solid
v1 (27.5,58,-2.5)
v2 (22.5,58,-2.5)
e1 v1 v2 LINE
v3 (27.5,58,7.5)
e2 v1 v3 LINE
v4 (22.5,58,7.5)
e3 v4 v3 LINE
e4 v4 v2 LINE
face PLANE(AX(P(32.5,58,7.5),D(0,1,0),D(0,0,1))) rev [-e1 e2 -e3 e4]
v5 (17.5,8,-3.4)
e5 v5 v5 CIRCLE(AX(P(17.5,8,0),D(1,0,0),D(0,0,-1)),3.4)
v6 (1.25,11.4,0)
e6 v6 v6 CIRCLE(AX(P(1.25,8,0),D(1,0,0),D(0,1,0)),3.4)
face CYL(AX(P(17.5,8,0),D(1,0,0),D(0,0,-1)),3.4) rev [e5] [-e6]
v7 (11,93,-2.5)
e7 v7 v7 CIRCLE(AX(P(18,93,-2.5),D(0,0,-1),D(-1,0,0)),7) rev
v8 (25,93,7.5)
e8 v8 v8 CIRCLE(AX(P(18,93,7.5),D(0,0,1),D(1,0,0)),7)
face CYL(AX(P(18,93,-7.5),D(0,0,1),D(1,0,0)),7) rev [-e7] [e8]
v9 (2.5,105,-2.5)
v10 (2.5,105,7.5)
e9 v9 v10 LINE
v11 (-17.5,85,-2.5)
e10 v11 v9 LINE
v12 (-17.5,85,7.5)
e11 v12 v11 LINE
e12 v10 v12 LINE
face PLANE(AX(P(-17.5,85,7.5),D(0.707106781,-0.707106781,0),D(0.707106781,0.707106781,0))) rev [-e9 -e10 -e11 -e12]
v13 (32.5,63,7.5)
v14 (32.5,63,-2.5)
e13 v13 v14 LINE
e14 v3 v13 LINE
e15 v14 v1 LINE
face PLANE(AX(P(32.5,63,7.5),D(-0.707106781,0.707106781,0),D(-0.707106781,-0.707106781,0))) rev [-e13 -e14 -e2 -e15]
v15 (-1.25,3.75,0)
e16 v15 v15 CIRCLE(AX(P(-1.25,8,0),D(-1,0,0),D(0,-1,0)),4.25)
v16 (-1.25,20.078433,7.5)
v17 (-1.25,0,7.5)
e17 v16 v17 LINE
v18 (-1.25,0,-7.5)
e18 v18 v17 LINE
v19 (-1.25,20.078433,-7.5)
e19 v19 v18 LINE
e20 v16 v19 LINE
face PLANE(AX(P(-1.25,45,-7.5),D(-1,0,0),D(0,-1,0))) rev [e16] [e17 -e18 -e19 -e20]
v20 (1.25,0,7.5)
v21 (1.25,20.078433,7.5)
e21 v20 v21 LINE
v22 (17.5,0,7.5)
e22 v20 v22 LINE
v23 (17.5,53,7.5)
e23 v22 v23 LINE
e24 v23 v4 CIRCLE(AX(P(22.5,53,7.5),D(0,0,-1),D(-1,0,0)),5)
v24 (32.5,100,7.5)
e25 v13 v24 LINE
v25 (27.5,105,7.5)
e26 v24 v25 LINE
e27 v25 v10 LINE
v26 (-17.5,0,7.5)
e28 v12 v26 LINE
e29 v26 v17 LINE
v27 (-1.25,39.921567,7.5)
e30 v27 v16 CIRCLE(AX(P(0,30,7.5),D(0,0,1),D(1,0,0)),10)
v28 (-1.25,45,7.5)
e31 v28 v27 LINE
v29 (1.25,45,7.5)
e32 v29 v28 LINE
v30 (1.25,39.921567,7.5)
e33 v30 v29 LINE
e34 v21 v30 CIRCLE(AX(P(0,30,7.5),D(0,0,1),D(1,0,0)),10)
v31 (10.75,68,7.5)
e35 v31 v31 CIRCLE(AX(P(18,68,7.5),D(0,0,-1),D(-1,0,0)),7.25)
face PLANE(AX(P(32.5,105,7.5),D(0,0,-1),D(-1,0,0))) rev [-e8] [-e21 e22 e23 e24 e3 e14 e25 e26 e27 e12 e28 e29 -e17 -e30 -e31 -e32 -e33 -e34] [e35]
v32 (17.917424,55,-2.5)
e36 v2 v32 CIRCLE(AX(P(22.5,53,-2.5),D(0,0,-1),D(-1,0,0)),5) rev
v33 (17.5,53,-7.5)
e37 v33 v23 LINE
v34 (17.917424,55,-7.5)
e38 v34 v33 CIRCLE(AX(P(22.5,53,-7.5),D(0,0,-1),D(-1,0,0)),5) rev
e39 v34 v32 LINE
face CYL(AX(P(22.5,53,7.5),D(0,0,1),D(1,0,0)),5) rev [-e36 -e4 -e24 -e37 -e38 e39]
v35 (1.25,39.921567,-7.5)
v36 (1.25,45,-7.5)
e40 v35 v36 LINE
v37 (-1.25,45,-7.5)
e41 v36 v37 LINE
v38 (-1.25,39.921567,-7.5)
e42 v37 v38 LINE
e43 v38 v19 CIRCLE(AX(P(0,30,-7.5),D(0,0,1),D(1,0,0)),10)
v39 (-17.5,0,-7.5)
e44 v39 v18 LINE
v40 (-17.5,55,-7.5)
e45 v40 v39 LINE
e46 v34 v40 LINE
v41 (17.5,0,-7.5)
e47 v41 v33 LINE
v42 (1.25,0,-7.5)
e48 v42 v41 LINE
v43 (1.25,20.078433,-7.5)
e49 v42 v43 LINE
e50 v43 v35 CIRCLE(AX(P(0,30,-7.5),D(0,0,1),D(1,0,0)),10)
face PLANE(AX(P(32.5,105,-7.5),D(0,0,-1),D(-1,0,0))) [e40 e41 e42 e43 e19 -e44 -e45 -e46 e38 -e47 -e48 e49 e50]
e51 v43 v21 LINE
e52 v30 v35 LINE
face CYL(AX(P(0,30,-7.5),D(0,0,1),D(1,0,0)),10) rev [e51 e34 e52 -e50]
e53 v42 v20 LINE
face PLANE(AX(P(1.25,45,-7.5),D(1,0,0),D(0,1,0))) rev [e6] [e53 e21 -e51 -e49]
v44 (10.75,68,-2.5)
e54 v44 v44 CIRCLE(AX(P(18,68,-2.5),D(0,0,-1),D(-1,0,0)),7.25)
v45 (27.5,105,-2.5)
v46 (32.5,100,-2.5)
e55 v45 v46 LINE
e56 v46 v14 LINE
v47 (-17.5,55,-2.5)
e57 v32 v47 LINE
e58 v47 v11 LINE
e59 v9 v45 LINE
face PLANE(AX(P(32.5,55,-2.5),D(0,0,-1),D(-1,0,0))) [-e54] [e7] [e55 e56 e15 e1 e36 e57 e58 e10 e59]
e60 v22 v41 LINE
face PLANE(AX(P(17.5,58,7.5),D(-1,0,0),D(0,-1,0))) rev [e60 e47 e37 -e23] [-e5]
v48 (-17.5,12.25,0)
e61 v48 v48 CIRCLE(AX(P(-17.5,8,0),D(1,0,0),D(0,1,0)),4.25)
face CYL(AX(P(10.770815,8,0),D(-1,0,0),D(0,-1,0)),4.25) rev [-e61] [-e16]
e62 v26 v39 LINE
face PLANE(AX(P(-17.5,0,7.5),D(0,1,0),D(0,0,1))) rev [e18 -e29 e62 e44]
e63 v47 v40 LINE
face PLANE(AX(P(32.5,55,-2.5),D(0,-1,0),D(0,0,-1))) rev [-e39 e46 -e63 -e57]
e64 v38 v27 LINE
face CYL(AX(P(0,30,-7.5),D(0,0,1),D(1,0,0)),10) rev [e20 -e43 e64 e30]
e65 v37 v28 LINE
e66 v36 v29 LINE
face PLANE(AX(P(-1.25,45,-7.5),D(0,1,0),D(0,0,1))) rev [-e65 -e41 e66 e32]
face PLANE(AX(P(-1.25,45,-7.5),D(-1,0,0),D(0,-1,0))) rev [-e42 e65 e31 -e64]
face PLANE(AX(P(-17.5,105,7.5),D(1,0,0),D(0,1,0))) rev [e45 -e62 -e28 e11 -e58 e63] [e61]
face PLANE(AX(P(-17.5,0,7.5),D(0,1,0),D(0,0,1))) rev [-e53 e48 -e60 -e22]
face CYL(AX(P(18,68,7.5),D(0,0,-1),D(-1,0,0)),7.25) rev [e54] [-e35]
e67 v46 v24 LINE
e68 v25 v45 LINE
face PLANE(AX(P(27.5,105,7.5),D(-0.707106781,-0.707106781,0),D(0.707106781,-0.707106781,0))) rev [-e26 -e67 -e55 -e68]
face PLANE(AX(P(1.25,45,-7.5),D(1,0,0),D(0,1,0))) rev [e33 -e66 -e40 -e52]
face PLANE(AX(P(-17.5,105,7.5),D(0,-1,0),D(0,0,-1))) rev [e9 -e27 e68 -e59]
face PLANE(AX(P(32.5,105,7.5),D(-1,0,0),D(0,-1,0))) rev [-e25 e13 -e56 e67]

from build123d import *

# Parameters (mm, degrees)
EXTRUDE_1_DEPTH     = 7.5
SKETCH_2_R          = 10
CUT_EXTRUDE_1_DEPTH = 111.933538662
SKETCH_3_W          = 2.5
SKETCH_3_H          = 45
CUT_EXTRUDE_2_DEPTH = 111.933538662
FILLET_1_R          = 5
SKETCH_4_R          = 4.25
CUT_EXTRUDE_3_DEPTH = 16.25
M8X1_25_1_D         = 6.8
SKETCH_10_R         = 7
CUT_EXTRUDE_4_DEPTH = 111.933538662
SKETCH_11_W         = 50
SKETCH_11_H         = 50
CUT_EXTRUDE_5_DEPTH = 5
CHAMFER_2_SIZE      = 5
CHAMFER_3_SIZE      = 20
SKETCH_12_R         = 7.25
CUT_EXTRUDE_6_DEPTH = 111.368700273


with BuildPart() as part:
    # 草图1 → 凸台-拉伸1 (new, symmetric)
    with BuildSketch(Plane.XY):
        Polygon((-17.5, 105), (-17.5, 0), (17.5, 0), (17.5, 58), (32.5, 58), (32.5, 105), align=None)
    extrude(amount=EXTRUDE_1_DEPTH, both=True)

    # 草图2 → 切除-拉伸1 (cut, through all)
    with BuildSketch(Plane.XY.offset(7.5)):
        with Locations((0, 30)):
            Circle(SKETCH_2_R)
    extrude(amount=-CUT_EXTRUDE_1_DEPTH, mode=Mode.SUBTRACT)

    # 草图3 → 切除-拉伸2 (cut, through all)
    with BuildSketch(Plane.XY.offset(7.5)):
        with Locations((0, 22.5)):
            Rectangle(SKETCH_3_W, SKETCH_3_H)
    extrude(amount=-CUT_EXTRUDE_2_DEPTH, mode=Mode.SUBTRACT)

    # 圆角1
    fillet_1_edges = [part.edges().sort_by_distance(p)[0] for p in [
        (17.5, 58, 0),
    ]]
    fillet(fillet_1_edges, radius=FILLET_1_R)

    # 草图4 → 切除-拉伸3 (cut)
    with BuildSketch(Plane(origin=(-17.5, 0, 0), x_dir=(0, 0, -1), z_dir=(1, 0, 0))):
        with Locations(Location((0, 8, 0), (0, 0, 270))):
            Circle(SKETCH_4_R)
    extrude(amount=CUT_EXTRUDE_3_DEPTH, mode=Mode.SUBTRACT)

    # M8x1.25 螺纹孔1 (through all)
    with Locations(Plane(origin=(17.5, 13.24526089, -0.849289526), x_dir=(0, 0, -1), z_dir=(1, 0, 0))):
        with Locations((-0.849289526, -5.24526089)):
            Hole(M8X1_25_1_D / 2)

    # 草图10 → 切除-拉伸4 (cut, through all)
    with BuildSketch(Plane.XY.offset(7.5)):
        with Locations((18, 93)):
            Circle(SKETCH_10_R)
    extrude(amount=-CUT_EXTRUDE_4_DEPTH, mode=Mode.SUBTRACT)

    # 草图11 → 切除-拉伸5 (cut)
    with BuildSketch(Plane(origin=(0, 0, -7.5), x_dir=(-1, 0, 0), z_dir=(0, 0, -1))):
        with Locations((-7.5, 80)):
            Rectangle(SKETCH_11_W, SKETCH_11_H)
    extrude(amount=-CUT_EXTRUDE_5_DEPTH, mode=Mode.SUBTRACT)

    # 倒角2
    chamfer_2_edges = [part.edges().sort_by_distance(p)[0] for p in [
        (32.5, 105, 2.5),
        (32.5, 58, 2.5),
    ]]
    chamfer(chamfer_2_edges, length=CHAMFER_2_SIZE)

    # 倒角3
    chamfer_3_edges = [part.edges().sort_by_distance(p)[0] for p in [
        (-17.5, 105, 2.5),
    ]]
    chamfer(chamfer_3_edges, length=CHAMFER_3_SIZE)

    # 草图12 → 切除-拉伸6 (cut, through all)
    with BuildSketch(Plane(origin=(0, 0, -2.5), x_dir=(-1, 0, 0), z_dir=(0, 0, -1))):
        with Locations((-18, 68)):
            Circle(SKETCH_12_R)
    extrude(amount=-CUT_EXTRUDE_6_DEPTH, mode=Mode.SUBTRACT)


solid = part.part
